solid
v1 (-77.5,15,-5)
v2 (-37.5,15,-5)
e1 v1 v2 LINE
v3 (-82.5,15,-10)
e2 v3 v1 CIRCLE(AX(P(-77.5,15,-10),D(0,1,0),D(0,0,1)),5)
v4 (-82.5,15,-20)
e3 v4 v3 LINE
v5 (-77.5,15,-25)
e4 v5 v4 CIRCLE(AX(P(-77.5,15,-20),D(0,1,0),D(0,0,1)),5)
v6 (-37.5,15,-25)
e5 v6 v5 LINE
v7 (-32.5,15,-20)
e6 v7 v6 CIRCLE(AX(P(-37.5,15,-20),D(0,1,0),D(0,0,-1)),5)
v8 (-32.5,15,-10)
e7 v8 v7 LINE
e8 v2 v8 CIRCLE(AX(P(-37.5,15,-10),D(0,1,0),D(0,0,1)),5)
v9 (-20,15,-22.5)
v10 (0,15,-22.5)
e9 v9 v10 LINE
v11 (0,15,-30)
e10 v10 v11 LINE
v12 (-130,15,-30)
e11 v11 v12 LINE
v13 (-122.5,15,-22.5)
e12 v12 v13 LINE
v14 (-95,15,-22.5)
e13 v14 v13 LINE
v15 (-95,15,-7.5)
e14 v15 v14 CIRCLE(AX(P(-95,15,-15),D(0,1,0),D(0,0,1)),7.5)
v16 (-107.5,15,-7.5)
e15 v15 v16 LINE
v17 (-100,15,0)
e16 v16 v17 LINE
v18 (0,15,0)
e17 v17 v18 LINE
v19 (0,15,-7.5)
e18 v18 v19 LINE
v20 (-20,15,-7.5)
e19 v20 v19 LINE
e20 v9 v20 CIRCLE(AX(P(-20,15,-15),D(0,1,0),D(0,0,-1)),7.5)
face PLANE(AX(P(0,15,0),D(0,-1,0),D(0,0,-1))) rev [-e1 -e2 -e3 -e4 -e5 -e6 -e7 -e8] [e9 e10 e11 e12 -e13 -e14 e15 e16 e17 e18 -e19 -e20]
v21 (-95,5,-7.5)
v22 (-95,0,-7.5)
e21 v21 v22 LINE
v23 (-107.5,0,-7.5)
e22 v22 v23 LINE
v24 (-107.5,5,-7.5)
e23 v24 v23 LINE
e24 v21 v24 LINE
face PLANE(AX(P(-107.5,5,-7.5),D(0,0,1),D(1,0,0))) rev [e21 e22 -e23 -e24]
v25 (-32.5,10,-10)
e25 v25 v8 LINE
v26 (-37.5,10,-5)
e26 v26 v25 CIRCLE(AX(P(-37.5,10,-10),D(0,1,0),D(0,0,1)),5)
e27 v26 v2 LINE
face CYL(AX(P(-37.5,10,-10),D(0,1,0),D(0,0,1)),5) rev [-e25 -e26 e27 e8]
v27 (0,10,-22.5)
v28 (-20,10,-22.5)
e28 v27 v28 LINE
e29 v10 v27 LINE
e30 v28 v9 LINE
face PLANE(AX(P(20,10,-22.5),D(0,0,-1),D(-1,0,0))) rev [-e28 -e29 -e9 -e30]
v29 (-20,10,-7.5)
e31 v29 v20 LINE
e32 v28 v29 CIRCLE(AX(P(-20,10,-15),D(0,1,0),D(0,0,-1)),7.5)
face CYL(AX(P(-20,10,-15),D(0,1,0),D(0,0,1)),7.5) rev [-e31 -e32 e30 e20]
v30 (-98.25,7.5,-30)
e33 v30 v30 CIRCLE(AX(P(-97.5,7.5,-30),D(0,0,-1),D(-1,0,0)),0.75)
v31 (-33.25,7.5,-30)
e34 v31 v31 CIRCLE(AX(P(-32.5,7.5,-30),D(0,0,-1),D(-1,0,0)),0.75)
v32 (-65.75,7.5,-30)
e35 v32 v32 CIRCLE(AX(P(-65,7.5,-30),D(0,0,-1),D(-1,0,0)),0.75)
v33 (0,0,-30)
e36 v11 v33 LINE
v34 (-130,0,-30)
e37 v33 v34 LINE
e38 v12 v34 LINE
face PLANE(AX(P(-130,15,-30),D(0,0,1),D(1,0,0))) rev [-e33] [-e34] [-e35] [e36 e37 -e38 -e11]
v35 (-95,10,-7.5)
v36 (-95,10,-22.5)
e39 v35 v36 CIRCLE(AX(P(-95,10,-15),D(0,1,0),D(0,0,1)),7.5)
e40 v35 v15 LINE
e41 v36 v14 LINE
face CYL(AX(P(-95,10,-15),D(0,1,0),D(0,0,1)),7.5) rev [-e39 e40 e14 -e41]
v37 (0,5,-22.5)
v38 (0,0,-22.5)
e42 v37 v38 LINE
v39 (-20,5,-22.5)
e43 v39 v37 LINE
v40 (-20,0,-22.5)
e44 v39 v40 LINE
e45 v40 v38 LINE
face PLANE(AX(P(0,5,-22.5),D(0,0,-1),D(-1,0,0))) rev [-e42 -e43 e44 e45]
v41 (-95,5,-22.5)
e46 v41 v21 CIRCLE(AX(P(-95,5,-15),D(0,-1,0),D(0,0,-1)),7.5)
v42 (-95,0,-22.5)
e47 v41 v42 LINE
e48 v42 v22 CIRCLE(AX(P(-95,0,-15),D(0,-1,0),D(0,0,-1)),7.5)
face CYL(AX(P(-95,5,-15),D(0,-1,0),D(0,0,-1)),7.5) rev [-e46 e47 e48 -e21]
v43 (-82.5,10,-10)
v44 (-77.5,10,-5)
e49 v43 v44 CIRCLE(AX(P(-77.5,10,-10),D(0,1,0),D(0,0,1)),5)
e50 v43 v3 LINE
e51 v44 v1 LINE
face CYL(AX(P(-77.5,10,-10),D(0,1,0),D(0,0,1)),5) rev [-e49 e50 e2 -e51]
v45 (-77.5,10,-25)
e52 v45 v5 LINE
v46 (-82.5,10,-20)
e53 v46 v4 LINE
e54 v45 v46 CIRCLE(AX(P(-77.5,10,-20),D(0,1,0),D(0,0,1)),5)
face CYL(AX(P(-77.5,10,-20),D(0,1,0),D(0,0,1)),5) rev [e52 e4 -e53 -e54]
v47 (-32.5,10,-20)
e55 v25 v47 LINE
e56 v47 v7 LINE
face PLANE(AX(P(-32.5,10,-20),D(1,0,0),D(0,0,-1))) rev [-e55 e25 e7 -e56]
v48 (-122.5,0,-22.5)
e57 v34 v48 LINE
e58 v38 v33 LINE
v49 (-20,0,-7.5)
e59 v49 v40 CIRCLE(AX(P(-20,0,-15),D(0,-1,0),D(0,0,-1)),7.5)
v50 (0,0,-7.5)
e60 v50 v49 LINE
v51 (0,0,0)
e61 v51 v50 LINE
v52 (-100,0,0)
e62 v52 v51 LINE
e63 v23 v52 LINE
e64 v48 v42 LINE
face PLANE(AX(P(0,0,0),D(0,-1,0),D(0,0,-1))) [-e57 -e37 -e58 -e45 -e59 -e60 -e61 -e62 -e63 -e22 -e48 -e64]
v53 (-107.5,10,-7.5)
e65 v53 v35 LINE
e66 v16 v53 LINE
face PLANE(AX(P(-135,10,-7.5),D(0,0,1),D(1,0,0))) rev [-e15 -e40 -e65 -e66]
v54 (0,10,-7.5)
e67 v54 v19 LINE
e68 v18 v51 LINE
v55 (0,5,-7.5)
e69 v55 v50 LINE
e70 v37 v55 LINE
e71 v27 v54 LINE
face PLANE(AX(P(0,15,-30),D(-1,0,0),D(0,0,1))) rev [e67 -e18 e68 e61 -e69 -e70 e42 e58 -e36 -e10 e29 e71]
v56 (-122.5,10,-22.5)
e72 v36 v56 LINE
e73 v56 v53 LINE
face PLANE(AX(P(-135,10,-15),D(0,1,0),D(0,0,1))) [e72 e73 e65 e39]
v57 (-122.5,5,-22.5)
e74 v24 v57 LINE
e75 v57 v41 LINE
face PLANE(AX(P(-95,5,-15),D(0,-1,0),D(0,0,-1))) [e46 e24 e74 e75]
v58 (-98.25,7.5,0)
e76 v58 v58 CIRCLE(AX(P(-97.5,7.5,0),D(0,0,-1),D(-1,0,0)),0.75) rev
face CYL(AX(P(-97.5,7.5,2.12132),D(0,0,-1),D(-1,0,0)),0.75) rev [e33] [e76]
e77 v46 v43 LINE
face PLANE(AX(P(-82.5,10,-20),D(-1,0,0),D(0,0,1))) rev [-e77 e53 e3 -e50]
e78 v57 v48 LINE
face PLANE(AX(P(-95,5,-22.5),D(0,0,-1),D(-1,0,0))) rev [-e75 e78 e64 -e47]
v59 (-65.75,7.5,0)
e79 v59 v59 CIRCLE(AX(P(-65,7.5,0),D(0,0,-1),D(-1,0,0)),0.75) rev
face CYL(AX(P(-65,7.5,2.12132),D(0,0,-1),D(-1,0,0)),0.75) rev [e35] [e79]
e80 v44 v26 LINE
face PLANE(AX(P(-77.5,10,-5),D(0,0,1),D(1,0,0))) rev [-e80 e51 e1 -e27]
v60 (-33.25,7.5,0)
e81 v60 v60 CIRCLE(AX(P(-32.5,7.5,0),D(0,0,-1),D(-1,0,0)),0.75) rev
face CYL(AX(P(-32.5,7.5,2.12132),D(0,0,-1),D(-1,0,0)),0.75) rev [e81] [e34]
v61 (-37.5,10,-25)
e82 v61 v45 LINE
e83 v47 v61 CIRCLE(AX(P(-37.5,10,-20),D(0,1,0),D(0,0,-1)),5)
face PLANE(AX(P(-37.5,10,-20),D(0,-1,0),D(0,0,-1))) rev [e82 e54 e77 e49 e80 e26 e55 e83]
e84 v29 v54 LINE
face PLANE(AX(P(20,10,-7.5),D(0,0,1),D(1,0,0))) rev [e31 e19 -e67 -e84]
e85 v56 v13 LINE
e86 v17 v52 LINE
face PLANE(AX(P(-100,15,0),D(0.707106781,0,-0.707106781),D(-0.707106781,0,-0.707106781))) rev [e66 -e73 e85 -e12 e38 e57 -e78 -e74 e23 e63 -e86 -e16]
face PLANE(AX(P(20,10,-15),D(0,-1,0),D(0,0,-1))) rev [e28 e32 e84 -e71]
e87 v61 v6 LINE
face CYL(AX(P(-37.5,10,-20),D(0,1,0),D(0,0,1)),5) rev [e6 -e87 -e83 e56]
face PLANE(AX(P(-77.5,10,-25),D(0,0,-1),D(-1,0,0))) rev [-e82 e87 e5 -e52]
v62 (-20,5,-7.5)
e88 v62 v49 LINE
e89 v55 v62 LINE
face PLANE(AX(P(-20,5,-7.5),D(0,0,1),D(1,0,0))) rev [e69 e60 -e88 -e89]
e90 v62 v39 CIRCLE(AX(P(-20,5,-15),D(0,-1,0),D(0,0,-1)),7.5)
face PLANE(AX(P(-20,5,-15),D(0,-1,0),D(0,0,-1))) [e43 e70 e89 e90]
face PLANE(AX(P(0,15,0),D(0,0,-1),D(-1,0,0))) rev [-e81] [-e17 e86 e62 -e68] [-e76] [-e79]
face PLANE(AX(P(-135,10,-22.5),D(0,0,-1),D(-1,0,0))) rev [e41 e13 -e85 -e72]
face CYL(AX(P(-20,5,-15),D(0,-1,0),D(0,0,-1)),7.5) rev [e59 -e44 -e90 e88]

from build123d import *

# Parameters (mm, degrees)
BOSS_EXTRUDE1_DEPTH = 15
CUT_EXTRUDE1_DEPTH  = 5
CUT_EXTRUDE2_DEPTH  = 5
SKETCH4_R           = 0.75
CUT_EXTRUDE3_DEPTH  = 30
CUT_EXTRUDE4_DEPTH  = 5


with BuildPart() as part:
    # Sketch1 → Boss-Extrude1 (new body)
    with BuildSketch(Plane(origin=(0, 0, 0), x_dir=(1, 0, 0), z_dir=(0, 1, 0))):
        Polygon((0, 0), (-100, 0), (-130, 30), (0, 30), align=None)
    extrude(amount=BOSS_EXTRUDE1_DEPTH)

    # Sketch2 → Cut-Extrude1 (cut)
    with BuildSketch(Plane(origin=(0, 15, 0), x_dir=(1, 0, 0), z_dir=(0, 1, 0))):
        with BuildLine():
            Line((-135, 22.5), (-95, 22.5))
            ThreePointArc((-95, 22.5), (-87.5, 15), (-95, 7.5))
            Line((-95, 7.5), (-135, 7.5))
            ThreePointArc((-135, 7.5), (-142.5, 15), (-135, 22.5))
        make_face()
        with BuildLine():
            Line((20, 22.5), (-20, 22.5))
            ThreePointArc((-20, 22.5), (-27.5, 15), (-20, 7.5))
            Line((-20, 7.5), (20, 7.5))
            ThreePointArc((20, 7.5), (27.5, 15), (20, 22.5))
        make_face()
    extrude(amount=-CUT_EXTRUDE1_DEPTH, mode=Mode.SUBTRACT)

    # Sketch3 → Cut-Extrude2 (cut)
    with BuildSketch(Plane.XZ):
        with BuildLine():
            Line((0, -7.5), (0, -22.5))
            Line((0, -22.5), (-20, -22.5))
            ThreePointArc((-20, -22.5), (-27.5, -15), (-20, -7.5))
            Line((-20, -7.5), (0, -7.5))
        make_face()
        with BuildLine():
            Line((-122.5, -22.5), (-107.5, -7.5))
            Line((-107.5, -7.5), (-95, -7.5))
            ThreePointArc((-95, -7.5), (-87.5, -15), (-95, -22.5))
            Line((-95, -22.5), (-122.5, -22.5))
        make_face()
    extrude(amount=-CUT_EXTRUDE2_DEPTH, mode=Mode.SUBTRACT)

    # Sketch4 → Cut-Extrude3 (cut)
    with BuildSketch(Plane(origin=(0, 0, -30), x_dir=(-1, 0, 0), z_dir=(0, 0, -1))):
        with Locations((65, 7.5)):
            Circle(SKETCH4_R)
        with Locations((32.5, 7.5)):
            Circle(SKETCH4_R)
        with Locations((97.5, 7.5)):
            Circle(SKETCH4_R)
    extrude(amount=-CUT_EXTRUDE3_DEPTH, mode=Mode.SUBTRACT)

    # Sketch5 → Cut-Extrude4 (cut)
    with BuildSketch(Plane(origin=(0, 15, 0), x_dir=(1, 0, 0), z_dir=(0, 1, 0))):
        with BuildLine():
            Line((-77.5, 25), (-37.5, 25))
            ThreePointArc((-37.5, 25), (-33.964466094, 23.535533906), (-32.5, 20))
            Line((-32.5, 20), (-32.5, 10))
            ThreePointArc((-32.5, 10), (-33.964466094, 6.464466094), (-37.5, 5))
            Line((-37.5, 5), (-77.5, 5))
            ThreePointArc((-77.5, 5), (-81.035533906, 6.464466094), (-82.5, 10))
            Line((-82.5, 10), (-82.5, 20))
            ThreePointArc((-82.5, 20), (-81.035533906, 23.535533906), (-77.5, 25))
        make_face()
    extrude(amount=-CUT_EXTRUDE4_DEPTH, mode=Mode.SUBTRACT)


solid = part.part
